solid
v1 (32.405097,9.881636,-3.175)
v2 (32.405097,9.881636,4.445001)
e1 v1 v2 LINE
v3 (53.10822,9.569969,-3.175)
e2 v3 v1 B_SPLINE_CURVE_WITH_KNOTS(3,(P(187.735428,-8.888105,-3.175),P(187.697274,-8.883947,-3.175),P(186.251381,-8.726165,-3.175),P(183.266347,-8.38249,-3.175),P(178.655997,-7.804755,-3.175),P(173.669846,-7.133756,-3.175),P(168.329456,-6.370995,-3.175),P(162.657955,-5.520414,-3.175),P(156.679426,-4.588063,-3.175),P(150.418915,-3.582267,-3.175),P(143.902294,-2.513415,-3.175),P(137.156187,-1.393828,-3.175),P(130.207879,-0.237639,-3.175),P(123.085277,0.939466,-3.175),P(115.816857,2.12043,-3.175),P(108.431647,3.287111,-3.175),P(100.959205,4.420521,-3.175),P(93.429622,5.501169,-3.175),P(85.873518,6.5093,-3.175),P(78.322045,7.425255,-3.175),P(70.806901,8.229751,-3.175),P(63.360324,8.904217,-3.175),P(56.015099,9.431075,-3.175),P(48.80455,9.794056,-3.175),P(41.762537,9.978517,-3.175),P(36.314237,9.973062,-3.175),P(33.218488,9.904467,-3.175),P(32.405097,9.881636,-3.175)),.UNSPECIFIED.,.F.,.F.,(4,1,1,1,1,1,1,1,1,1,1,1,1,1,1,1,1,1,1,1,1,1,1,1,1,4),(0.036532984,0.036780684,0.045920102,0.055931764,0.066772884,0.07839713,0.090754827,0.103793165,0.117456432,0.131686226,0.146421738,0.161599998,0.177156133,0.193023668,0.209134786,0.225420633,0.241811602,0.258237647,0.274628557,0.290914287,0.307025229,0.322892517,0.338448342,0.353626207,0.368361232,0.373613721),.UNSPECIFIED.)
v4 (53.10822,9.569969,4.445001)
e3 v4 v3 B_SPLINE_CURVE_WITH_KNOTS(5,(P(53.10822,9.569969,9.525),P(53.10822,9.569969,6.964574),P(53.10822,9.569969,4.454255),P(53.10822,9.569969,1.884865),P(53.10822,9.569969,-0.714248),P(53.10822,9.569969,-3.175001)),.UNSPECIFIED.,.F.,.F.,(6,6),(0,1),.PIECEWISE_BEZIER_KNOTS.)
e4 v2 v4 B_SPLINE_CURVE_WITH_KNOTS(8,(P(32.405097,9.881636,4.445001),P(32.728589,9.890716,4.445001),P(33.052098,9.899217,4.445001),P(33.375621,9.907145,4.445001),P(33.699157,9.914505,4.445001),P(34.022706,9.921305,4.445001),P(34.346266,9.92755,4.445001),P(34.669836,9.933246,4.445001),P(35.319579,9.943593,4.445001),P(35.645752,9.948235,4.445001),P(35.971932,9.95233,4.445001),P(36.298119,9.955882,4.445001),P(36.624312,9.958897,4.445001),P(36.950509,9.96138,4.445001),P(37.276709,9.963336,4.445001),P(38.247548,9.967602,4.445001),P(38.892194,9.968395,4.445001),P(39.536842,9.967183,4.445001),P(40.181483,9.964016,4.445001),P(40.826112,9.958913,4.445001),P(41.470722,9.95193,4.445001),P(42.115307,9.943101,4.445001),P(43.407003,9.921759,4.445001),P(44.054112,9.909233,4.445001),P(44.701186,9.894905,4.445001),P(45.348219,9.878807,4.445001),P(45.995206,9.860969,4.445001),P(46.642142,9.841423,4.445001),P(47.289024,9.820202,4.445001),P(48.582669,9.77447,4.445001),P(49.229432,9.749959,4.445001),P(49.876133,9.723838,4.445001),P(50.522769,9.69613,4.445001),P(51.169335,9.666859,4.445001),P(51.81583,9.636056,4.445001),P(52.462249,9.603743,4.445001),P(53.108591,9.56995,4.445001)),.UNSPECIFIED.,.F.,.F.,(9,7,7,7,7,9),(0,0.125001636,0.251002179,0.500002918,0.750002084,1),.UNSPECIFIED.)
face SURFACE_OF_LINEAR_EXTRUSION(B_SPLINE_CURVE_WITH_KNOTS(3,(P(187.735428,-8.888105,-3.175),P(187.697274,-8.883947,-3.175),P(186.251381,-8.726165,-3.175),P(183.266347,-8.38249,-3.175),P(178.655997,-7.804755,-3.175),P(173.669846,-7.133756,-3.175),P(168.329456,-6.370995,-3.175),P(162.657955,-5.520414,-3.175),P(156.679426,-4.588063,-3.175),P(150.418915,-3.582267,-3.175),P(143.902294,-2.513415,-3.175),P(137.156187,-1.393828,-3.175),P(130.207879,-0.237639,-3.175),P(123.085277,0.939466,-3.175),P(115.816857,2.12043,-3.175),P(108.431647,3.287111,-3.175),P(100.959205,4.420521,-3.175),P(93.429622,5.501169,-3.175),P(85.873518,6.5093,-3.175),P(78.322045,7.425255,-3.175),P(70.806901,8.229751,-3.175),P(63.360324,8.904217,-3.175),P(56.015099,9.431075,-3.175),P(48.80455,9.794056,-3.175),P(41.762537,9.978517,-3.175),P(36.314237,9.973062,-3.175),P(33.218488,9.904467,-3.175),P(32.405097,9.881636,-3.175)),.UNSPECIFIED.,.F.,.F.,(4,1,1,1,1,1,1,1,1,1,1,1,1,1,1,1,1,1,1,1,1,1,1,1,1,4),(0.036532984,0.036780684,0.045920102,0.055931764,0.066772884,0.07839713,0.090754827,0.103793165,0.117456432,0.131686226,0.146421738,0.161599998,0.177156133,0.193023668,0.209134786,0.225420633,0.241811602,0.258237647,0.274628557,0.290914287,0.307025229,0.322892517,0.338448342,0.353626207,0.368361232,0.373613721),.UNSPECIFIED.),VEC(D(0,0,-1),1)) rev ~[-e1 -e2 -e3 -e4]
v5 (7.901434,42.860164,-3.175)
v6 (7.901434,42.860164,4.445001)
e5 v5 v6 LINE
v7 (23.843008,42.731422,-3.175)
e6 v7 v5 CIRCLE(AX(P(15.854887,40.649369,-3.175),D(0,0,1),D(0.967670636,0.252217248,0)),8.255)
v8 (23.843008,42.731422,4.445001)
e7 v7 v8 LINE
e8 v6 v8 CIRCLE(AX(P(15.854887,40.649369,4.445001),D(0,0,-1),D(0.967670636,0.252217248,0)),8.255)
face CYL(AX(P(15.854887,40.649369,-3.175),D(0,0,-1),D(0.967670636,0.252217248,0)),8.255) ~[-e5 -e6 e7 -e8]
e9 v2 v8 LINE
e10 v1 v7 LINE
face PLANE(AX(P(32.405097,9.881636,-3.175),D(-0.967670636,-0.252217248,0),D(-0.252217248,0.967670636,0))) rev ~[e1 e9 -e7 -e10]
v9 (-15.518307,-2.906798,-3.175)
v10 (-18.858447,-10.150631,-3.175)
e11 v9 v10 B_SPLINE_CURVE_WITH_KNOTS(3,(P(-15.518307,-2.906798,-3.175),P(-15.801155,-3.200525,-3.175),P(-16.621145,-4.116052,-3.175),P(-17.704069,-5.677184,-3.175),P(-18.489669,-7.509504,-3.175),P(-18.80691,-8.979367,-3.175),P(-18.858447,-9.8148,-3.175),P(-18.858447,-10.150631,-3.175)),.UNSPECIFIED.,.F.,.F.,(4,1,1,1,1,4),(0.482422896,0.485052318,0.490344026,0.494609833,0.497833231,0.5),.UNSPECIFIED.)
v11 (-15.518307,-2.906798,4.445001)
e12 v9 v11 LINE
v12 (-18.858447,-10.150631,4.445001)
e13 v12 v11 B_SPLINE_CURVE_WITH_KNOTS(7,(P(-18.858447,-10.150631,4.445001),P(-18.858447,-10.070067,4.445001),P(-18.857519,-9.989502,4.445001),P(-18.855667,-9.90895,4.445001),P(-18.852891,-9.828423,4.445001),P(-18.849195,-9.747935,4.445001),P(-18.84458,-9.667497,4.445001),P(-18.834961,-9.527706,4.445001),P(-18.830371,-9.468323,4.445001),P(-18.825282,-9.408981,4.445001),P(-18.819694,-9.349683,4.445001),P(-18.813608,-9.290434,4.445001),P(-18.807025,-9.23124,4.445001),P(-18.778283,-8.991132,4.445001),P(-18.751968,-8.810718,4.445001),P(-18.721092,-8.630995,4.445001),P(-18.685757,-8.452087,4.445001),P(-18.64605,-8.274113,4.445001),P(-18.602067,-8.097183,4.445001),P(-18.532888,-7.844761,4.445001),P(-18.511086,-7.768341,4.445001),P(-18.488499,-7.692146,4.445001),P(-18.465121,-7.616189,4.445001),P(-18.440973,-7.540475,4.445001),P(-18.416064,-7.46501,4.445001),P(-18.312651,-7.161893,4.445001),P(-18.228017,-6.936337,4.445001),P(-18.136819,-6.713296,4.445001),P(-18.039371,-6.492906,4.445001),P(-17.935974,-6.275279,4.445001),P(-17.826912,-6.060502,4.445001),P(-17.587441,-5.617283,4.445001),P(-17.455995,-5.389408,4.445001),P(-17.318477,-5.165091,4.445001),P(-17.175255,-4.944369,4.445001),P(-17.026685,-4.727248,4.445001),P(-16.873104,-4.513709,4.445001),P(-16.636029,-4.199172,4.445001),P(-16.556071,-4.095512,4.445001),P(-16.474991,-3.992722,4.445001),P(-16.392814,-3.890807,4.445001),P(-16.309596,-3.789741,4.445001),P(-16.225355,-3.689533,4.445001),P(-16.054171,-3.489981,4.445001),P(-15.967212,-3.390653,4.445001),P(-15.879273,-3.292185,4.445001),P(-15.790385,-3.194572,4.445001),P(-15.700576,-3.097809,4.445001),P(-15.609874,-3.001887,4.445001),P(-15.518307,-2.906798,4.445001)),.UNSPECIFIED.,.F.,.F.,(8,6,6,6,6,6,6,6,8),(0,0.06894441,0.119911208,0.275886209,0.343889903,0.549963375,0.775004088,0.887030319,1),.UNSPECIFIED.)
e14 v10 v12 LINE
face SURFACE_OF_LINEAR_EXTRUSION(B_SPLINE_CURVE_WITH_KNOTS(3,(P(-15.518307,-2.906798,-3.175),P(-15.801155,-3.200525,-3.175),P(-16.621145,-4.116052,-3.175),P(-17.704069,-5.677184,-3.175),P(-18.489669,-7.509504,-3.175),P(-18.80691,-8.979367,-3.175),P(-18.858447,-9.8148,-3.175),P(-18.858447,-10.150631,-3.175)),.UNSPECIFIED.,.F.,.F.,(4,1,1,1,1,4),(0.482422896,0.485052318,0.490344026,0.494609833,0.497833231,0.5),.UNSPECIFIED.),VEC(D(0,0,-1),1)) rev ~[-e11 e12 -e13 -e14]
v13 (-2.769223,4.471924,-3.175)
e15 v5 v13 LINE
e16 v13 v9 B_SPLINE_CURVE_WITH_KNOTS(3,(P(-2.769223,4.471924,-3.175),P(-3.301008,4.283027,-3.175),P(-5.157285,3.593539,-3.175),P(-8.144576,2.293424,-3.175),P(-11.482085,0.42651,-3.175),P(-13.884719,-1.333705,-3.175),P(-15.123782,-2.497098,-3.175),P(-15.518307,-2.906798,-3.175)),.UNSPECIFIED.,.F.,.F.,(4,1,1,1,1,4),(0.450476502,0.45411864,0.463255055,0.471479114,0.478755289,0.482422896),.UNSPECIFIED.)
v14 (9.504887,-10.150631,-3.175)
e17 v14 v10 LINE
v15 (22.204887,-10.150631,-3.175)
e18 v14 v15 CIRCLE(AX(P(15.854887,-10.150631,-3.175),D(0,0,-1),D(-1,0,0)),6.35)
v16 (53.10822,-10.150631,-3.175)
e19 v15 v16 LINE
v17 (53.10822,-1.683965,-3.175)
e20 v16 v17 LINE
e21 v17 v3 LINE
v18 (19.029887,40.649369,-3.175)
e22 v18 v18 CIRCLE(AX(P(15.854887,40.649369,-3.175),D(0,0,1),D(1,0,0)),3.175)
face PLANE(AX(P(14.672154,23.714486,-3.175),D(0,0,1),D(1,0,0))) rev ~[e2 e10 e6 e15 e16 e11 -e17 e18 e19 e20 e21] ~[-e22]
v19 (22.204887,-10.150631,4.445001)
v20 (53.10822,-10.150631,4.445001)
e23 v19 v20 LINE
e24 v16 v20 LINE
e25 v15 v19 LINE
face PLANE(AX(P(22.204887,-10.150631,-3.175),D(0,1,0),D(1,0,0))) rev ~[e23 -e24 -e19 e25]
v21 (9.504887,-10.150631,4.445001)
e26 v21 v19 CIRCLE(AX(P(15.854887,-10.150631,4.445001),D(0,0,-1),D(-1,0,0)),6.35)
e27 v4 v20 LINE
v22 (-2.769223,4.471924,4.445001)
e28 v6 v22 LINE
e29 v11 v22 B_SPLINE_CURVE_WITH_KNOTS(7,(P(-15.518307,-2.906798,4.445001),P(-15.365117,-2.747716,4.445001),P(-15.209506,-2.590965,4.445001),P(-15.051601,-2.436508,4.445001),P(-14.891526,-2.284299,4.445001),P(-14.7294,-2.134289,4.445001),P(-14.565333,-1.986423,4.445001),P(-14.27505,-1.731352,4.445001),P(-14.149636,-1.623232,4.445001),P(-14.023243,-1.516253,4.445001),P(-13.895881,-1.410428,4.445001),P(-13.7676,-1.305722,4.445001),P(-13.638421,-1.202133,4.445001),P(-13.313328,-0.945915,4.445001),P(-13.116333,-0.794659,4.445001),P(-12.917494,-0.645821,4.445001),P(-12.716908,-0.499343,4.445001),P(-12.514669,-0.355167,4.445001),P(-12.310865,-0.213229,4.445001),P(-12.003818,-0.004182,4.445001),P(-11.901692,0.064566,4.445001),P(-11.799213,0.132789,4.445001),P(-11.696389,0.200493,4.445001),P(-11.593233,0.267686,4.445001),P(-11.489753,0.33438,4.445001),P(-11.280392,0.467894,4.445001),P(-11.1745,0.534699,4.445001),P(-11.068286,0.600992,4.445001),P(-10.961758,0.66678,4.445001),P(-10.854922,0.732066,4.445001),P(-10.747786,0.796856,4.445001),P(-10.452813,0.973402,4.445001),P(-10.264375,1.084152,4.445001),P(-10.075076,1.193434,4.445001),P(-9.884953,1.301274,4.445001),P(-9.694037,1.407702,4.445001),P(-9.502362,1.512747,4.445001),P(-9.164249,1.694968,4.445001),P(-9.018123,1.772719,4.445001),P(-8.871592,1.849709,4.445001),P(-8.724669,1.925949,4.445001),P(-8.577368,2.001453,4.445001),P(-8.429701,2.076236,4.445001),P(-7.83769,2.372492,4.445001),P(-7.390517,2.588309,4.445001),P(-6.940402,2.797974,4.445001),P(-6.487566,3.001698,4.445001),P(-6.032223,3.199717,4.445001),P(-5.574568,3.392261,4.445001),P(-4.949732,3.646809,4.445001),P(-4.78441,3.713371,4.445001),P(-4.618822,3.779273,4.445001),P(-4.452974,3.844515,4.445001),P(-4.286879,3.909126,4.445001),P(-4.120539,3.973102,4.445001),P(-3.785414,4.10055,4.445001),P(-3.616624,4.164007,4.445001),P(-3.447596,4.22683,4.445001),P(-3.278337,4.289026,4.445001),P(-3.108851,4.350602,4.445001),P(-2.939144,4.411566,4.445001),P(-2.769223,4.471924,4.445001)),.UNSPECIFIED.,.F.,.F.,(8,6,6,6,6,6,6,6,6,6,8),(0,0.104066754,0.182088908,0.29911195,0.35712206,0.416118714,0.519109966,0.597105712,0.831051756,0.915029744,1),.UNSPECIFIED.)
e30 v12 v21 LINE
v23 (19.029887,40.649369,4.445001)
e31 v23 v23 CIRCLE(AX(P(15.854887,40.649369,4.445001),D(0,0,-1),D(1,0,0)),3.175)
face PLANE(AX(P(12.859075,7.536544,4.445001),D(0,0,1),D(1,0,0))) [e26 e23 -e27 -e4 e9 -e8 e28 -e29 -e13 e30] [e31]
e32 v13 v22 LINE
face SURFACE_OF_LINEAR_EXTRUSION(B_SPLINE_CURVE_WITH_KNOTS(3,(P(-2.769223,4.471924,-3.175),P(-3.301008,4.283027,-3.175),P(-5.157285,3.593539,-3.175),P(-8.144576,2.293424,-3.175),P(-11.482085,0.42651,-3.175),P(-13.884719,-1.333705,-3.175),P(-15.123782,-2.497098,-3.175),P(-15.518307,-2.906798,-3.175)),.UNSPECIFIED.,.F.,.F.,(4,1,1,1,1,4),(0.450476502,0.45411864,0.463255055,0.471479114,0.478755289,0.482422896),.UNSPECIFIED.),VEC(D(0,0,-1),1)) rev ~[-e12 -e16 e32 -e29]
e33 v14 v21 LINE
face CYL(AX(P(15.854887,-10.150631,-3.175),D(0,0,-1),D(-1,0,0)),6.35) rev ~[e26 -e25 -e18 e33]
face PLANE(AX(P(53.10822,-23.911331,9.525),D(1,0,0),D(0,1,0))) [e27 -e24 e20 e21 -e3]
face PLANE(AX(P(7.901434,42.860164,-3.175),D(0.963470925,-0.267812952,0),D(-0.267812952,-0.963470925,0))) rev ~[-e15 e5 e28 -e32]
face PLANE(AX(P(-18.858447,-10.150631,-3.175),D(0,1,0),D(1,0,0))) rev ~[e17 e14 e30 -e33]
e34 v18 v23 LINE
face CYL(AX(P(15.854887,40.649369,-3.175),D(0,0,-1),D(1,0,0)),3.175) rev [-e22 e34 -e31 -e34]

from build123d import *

# Parameters (mm, degrees)
SKETCH2_R           = 1.5875
BOSS_EXTRUDE1_DEPTH = 6.35
SKETCH3_W           = 86.520299057
SKETCH3_H           = 50.752816227
CUT_EXTRUDE1_DEPTH  = 22.86
SCALE1_SCALE        = 2
SKETCH4_W           = 272.729370393
SKETCH4_H           = 354.83187758
CUT_EXTRUDE2_DEPTH  = 5.08


with BuildPart() as part:
    # Sketch2 → Boss-Extrude1 (new body)
    # profile 1 of 3: a face of its own
    with BuildSketch(Plane.XY):
        with BuildLine():
            ThreePointArc((1.670610722, 3.717638474), (6.757246034, 4.420597856), (9.525541119, 0.095721787))
            Line((9.525541119, 0.095721787), (14.182207787, 0.095721787))
            ThreePointArc((14.182207787, 0.095721787), (17.357207787, 3.270721787), (20.532207787, 0.095721787))
            Line((20.532207787, 0.095721787), (35.983874452, 0.095721787))
            Line((35.983874452, 0.095721787), (35.983874452, 4.329055121))
            Line((35.983874452, 4.329055121), (40.217207786, 4.329055121))
            Line((40.217207786, 4.329055121), (40.217207786, 0.095721787))
            Line((40.217207786, 0.095721787), (61.383874452, 0.095721787))
            Line((61.383874452, 0.095721787), (61.383874452, 3.270721787))
            Line((61.383874452, 3.270721787), (65.617207786, 3.270721787))
            Line((65.617207786, 3.270721787), (65.617207786, 0.095721787))
            Line((65.617207786, 0.095721787), (103.86369276, 0.095721787))
            ThreePointArc((103.86369276, 0.095721787), (103.701399804, 0.51971831), (103.297478426, 0.726985228))
            add(Edge.make_bspline(
                [(103.297478426, 0.726985228), (103.278401428, 0.729063962), (102.555454876, 0.807955214), (101.062938142, 0.9797924), (98.757762781, 1.268659765), (96.264687204, 1.604159637), (93.594492647, 1.985539835), (90.758742018, 2.410830368), (87.769477293, 2.877005798), (84.639221741, 3.37990378), (81.380911453, 3.914330069), (78.007857734, 4.474123419), (74.533703974, 5.052218069), (70.972402786, 5.640770262), (67.338193058, 6.231252409), (63.64558795, 6.814592878), (59.909367026, 7.381298257), (56.144575667, 7.921621871), (52.366523305, 8.42568744), (48.590787146, 8.883665117), (44.833214748, 9.285912766), (41.109926451, 9.623146231), (37.437313832, 9.88657477), (33.832039387, 10.068065432), (30.311032911, 10.16029608), (27.586882733, 10.157568276), (26.039008587, 10.123270788), (25.632313035, 10.111855728)],
                knots=[0.036532984, 0.036532984, 0.036532984, 0.036532984, 0.036780684, 0.045920102, 0.055931764, 0.066772884, 0.07839713, 0.090754827, 0.103793165, 0.117456432, 0.131686226, 0.146421738, 0.161599998, 0.177156133, 0.193023668, 0.209134786, 0.225420633, 0.241811602, 0.258237647, 0.274628557, 0.290914287, 0.307025229, 0.322892517, 0.338448342, 0.353626207, 0.368361232, 0.373613721, 0.373613721, 0.373613721, 0.373613721], degree=3))
            add(Edge.make_bspline(
                [(25.632313035, 10.111855728), (24.937254507, 10.092346946), (23.184818676, 10.025451452), (20.426871455, 9.842671724), (17.41757594, 9.524763014), (14.581362978, 9.097201986), (11.937145196, 8.559838657), (9.777339551, 7.98685794), (8.50999095, 7.572117066), (8.045152998, 7.406999756)],
                knots=[0.373613721, 0.373613721, 0.373613721, 0.373613721, 0.382590428, 0.396252961, 0.409290412, 0.42164701, 0.433269881, 0.444109249, 0.450476502, 0.450476502, 0.450476502, 0.450476502], degree=3))
            add(Edge.make_bspline(
                [(8.045152998, 7.406999756), (7.779260681, 7.312550875), (6.851122091, 6.967807185), (5.357476635, 6.31774957), (3.688721993, 5.384292388), (2.487404704, 4.50418497), (1.86787348, 3.922488633), (1.670610722, 3.717638474)],
                knots=[0.450476502, 0.450476502, 0.450476502, 0.450476502, 0.45411864, 0.463255055, 0.471479114, 0.478755289, 0.482422896, 0.482422896, 0.482422896, 0.482422896], degree=3))
        make_face()
    # profile 2 of 3: a face of its own
    with BuildSketch(Plane.XY):
        with BuildLine():
            Line((0.000541119, 0.095721787), (9.525541119, 0.095721787))
            ThreePointArc((9.525541119, 0.095721787), (6.757246034, 4.420597856), (1.670610722, 3.717638474))
            add(Edge.make_bspline(
                [(1.670610722, 3.717638474), (1.529186884, 3.570774992), (1.119191891, 3.11301165), (0.577729932, 2.332445287), (0.184929806, 1.416285372), (0.02630969, 0.681353971), (0.000541119, 0.263637648), (0.000541119, 0.095721787)],
                knots=[0.482422896, 0.482422896, 0.482422896, 0.482422896, 0.485052318, 0.490344026, 0.494609833, 0.497833231, 0.5, 0.5, 0.5, 0.5], degree=3))
        make_face()
    # profile 3 of 3: a face of its own
    with BuildSketch(Plane.XY):
        with BuildLine():
            Line((13.380481545, 26.601119745), (8.045152998, 7.406999756))
            add(Edge.make_bspline(
                [(25.632313035, 10.111855728), (24.937254507, 10.092346946), (23.184818676, 10.025451452), (20.426871455, 9.842671724), (17.41757594, 9.524763014), (14.581362978, 9.097201986), (11.937145196, 8.559838657), (9.777339551, 7.98685794), (8.50999095, 7.572117066), (8.045152998, 7.406999756)],
                knots=[0.373613721, 0.373613721, 0.373613721, 0.373613721, 0.382590428, 0.396252961, 0.409290412, 0.42164701, 0.433269881, 0.444109249, 0.450476502, 0.450476502, 0.450476502, 0.450476502], degree=3))
            Line((25.632313035, 10.111855728), (21.351268338, 26.536748478))
            ThreePointArc((21.351268338, 26.536748478), (17.390539973, 29.623087196), (13.380481545, 26.601119745))
        make_face()
        with Locations((17.357207787, 25.495721787)):
            Circle(SKETCH2_R, mode=Mode.SUBTRACT)
    extrude(amount=BOSS_EXTRUDE1_DEPTH)

    # Sketch3 → Cut-Extrude1 (cut)
    with BuildSketch(Plane.XY.offset(6.35)):
        with Locations((79.244023981, 18.591780176)):
            Rectangle(SKETCH3_W, SKETCH3_H)
    extrude(amount=-CUT_EXTRUDE1_DEPTH, mode=Mode.SUBTRACT)


with BuildPart() as part_1:
    # Scale1: scaled about (18.859528884, 10.342075023, 3.175)
    add(part.part.scale(SCALE1_SCALE).moved(Location((-18.859528884, -10.342075023, -3.175))))

    # Sketch4 → Cut-Extrude2 (cut)
    with BuildSketch(Plane.XY.offset(9.525000538)):
        with Locations((12.859074943, 7.536544166)):
            Rectangle(SKETCH4_W, SKETCH4_H)
    extrude(amount=-CUT_EXTRUDE2_DEPTH, mode=Mode.SUBTRACT)


solid = part_1.part
